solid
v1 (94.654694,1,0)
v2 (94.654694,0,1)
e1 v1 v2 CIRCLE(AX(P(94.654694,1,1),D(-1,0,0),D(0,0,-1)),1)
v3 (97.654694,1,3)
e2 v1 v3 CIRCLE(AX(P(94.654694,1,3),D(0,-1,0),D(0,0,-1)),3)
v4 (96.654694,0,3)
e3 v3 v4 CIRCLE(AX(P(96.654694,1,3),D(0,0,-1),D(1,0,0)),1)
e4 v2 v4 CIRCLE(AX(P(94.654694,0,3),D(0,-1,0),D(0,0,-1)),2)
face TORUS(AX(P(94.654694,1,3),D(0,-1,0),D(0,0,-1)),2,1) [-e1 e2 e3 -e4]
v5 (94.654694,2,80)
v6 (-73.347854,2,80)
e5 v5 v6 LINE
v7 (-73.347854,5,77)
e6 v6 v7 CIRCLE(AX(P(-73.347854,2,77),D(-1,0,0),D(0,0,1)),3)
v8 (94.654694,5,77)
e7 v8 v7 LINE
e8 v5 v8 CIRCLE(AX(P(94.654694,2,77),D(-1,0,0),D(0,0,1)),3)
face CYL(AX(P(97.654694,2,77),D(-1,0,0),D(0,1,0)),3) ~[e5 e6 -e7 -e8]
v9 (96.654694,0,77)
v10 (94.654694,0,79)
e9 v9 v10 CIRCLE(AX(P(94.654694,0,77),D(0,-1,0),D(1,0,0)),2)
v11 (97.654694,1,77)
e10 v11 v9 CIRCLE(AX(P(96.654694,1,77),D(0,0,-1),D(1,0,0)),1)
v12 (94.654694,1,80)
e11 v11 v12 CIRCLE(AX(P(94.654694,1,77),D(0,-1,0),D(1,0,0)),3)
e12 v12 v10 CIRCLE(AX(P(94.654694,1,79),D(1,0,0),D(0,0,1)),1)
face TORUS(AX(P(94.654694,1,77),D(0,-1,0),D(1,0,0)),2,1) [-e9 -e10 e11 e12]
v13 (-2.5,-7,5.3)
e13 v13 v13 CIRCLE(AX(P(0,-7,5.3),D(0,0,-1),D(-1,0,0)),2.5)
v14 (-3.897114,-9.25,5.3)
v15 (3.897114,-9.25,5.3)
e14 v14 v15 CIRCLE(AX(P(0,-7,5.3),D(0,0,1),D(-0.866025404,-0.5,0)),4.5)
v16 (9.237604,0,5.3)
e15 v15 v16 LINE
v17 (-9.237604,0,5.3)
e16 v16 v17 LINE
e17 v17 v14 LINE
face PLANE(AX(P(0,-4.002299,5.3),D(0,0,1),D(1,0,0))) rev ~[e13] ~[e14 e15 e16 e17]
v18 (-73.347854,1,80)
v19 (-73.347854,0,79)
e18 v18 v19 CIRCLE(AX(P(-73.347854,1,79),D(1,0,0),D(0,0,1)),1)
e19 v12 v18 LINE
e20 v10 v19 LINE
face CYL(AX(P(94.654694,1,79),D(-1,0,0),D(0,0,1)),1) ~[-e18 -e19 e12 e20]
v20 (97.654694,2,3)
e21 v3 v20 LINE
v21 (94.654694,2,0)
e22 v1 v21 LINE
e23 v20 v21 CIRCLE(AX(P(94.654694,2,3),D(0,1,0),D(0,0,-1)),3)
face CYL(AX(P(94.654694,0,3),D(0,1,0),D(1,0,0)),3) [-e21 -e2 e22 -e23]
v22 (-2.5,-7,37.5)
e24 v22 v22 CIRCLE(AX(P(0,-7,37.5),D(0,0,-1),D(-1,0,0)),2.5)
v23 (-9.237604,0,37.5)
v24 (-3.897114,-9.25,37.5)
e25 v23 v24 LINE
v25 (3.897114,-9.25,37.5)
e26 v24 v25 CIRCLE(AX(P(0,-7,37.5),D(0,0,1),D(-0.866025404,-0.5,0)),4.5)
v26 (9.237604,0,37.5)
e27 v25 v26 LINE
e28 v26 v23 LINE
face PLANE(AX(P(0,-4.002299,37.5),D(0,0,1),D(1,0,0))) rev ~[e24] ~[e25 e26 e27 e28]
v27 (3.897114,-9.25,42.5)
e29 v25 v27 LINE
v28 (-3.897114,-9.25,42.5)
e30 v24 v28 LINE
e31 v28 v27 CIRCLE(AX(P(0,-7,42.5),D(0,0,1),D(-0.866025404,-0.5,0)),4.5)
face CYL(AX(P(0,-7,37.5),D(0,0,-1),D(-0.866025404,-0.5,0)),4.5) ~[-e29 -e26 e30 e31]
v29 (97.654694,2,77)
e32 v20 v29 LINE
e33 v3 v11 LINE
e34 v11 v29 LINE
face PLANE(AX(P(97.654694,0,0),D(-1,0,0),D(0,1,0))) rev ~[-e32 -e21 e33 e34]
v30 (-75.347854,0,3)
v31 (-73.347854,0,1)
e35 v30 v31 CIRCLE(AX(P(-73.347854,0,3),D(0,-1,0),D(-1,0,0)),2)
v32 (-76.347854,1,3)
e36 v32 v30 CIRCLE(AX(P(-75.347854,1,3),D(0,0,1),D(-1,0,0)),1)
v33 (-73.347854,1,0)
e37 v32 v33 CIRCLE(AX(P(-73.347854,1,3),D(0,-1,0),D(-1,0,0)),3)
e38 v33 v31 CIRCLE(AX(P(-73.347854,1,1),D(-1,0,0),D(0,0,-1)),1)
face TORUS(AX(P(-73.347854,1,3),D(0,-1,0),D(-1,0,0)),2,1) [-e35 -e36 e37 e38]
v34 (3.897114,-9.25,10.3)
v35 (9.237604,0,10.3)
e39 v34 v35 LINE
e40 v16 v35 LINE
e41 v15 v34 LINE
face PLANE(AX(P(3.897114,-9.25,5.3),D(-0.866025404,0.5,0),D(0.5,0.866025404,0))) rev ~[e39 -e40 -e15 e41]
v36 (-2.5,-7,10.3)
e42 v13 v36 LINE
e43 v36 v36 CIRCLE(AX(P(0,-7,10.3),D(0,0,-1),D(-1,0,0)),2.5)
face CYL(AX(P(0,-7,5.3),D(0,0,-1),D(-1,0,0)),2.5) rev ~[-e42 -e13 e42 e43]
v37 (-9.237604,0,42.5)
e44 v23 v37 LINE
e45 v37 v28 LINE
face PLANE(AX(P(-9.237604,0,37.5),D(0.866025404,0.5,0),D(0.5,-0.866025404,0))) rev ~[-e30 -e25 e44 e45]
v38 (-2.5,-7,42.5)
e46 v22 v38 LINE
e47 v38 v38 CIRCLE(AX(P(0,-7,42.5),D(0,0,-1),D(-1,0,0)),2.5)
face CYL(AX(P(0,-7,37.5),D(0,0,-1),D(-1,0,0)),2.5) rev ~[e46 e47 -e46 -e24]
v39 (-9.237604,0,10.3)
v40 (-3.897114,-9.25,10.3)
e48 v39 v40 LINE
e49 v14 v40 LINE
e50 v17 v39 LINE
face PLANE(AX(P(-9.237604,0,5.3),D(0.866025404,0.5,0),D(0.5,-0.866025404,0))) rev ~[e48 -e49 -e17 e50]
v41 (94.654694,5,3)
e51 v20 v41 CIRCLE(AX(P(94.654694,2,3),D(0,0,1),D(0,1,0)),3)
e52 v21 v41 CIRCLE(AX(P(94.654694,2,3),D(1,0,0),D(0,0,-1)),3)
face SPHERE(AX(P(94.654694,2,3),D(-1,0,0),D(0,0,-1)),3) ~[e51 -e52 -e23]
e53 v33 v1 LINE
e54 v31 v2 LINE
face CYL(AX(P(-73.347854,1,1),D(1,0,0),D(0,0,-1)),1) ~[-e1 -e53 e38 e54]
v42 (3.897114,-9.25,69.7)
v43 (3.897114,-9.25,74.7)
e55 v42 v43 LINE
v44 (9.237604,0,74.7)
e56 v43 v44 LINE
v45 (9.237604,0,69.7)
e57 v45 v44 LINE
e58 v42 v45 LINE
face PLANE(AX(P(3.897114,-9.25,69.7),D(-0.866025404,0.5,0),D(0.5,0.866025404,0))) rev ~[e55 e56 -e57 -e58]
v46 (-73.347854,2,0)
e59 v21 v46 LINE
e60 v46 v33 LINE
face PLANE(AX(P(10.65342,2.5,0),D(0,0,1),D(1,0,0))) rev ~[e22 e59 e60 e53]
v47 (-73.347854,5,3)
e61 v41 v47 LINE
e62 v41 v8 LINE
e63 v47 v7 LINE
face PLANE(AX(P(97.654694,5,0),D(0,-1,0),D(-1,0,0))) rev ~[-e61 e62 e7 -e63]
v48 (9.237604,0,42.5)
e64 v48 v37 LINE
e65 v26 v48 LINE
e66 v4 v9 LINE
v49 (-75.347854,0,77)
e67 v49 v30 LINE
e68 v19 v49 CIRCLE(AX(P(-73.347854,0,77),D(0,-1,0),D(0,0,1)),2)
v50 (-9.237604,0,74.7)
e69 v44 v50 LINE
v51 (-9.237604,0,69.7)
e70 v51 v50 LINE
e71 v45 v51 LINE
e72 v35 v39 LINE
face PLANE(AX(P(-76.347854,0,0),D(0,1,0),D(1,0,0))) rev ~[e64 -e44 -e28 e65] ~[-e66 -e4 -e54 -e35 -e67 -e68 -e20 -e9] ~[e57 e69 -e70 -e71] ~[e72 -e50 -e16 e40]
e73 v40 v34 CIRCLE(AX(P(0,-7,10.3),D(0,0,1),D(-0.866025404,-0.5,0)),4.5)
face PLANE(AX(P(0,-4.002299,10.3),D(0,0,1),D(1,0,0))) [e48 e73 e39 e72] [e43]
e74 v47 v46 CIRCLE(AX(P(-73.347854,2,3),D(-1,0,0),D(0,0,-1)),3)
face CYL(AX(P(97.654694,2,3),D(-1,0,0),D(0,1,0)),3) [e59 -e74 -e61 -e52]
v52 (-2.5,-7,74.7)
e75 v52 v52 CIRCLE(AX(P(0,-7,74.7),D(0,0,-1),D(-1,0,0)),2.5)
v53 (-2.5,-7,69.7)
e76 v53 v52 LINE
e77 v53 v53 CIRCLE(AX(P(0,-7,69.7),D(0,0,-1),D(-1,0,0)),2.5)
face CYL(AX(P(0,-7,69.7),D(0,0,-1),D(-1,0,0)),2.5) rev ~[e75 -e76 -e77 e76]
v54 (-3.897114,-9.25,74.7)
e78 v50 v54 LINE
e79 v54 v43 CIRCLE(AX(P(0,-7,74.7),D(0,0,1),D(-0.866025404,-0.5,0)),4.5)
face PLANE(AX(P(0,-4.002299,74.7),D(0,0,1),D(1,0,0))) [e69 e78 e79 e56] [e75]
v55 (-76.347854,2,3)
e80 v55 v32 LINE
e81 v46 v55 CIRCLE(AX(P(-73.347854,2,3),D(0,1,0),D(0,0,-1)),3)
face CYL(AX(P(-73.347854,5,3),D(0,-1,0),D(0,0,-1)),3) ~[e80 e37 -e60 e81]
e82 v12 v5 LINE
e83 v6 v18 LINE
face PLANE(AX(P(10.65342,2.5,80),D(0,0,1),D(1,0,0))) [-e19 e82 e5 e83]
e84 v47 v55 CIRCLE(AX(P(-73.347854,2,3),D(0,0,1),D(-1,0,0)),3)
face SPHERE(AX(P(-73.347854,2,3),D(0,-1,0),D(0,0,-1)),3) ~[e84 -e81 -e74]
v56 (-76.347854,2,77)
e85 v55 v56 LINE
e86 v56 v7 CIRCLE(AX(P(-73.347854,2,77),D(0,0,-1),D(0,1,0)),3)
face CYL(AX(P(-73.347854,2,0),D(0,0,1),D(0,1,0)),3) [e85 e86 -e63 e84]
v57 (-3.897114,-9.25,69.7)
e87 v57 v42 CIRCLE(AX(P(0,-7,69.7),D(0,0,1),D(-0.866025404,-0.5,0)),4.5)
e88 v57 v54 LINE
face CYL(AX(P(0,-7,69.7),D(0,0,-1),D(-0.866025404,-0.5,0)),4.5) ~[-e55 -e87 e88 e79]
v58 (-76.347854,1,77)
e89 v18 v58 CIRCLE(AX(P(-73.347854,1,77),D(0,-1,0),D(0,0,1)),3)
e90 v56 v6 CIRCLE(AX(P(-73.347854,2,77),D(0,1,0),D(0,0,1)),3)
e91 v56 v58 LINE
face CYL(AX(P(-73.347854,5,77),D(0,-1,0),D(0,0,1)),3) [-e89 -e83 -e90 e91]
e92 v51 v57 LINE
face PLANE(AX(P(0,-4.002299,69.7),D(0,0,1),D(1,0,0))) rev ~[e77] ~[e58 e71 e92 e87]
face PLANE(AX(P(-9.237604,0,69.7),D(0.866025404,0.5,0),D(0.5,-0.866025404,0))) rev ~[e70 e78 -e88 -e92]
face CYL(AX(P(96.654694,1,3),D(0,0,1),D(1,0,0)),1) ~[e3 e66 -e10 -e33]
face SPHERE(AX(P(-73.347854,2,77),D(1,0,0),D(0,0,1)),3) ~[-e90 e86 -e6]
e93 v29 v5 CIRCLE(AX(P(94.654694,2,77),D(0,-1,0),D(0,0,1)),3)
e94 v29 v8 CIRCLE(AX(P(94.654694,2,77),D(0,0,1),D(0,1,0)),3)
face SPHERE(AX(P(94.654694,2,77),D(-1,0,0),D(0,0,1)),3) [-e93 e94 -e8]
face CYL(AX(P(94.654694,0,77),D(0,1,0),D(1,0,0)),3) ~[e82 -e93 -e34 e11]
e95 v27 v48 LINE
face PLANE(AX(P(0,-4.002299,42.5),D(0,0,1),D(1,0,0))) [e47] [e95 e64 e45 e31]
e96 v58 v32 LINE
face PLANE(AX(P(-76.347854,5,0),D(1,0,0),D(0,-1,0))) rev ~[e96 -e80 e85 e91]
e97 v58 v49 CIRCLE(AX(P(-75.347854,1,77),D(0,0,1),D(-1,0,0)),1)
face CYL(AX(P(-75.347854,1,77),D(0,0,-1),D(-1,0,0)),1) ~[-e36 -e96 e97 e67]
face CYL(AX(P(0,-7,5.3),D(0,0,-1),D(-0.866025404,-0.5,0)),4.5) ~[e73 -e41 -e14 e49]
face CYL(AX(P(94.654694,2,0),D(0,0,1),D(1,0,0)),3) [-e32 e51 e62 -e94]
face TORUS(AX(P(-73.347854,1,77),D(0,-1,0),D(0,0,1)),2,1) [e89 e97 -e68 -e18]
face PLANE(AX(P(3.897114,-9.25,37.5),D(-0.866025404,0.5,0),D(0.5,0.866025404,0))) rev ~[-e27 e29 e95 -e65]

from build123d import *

# Parameters (mm, degrees)
BOSS_EXTRUDE3_DEPTH = 80
BOSS_EXTRUDE2_START = -5.3
SKETCH2_R           = 2.5
BOSS_EXTRUDE2_DEPTH = 5
LPATTERN1_COUNT     = 3
LPATTERN1_PITCH     = 32.2
FILLET1_R           = 3
FILLET2_R           = 1


with BuildPart() as part:
    # Sketch3 → Boss-Extrude3 (new body)
    with BuildSketch(Plane.XY):
        Polygon((97.654693799, 0), (97.654693799, 5), (-76.347854423, 5), (-76.347854423, 0), (0, 0), align=None)
    extrude(amount=BOSS_EXTRUDE3_DEPTH)

    # Sketch2 → Boss-Extrude2 (add)
    with BuildSketch(Plane(origin=(0, 0, 0), x_dir=(-1, 0, 0), z_dir=(0, 0, -1)).offset(BOSS_EXTRUDE2_START)):
        with BuildLine():
            Line((-3.897114317, -9.25), (-9.237604307, 0))
            Line((-9.237604307, 0), (9.237604307, 0))
            Line((9.237604307, 0), (3.897114317, -9.25))
            ThreePointArc((3.897114317, -9.25), (0, -11.5), (-3.897114317, -9.25))
        make_face()
        with Locations((0, -7)):
            Circle(SKETCH2_R, mode=Mode.SUBTRACT)
    boss_extrude2 = extrude(amount=-BOSS_EXTRUDE2_DEPTH)

    # LPattern1: Boss-Extrude2 ×3
    with Locations(*[(0, 0, i * LPATTERN1_PITCH) for i in range(1, LPATTERN1_COUNT)]):
        add(boss_extrude2)

    # Fillet1
    fillet1_edges = [part.edges().sort_by_distance(p)[0] for p in [
        (10.653419688, 5, 80),
        (-76.347854423, 2.5, 80),
        (-76.347854423, 2.5, 0),
        (10.653419688, 5, 0),
        (97.654693799, 2.5, 0),
        (97.654693799, 2.5, 80),
        (-76.347854423, 5, 40),
        (97.654693799, 5, 40),
    ]]
    fillet(fillet1_edges, radius=FILLET1_R)

    # Fillet2
    fillet2_edges = [part.edges().sort_by_distance(p)[0] for p in [
        (97.654693799, 0, 40),
        (10.653419688, 0, 0),
        (-76.347854423, 0, 40),
        (10.653419688, 0, 80),
        (96.776014142, 0, 0.878679656),
        (-75.469174766, 0, 0.878679656),
        (-75.469174766, 0, 79.121320344),
        (96.776014142, 0, 79.121320344),
    ]]
    fillet(fillet2_edges, radius=FILLET2_R)


solid = part.part
